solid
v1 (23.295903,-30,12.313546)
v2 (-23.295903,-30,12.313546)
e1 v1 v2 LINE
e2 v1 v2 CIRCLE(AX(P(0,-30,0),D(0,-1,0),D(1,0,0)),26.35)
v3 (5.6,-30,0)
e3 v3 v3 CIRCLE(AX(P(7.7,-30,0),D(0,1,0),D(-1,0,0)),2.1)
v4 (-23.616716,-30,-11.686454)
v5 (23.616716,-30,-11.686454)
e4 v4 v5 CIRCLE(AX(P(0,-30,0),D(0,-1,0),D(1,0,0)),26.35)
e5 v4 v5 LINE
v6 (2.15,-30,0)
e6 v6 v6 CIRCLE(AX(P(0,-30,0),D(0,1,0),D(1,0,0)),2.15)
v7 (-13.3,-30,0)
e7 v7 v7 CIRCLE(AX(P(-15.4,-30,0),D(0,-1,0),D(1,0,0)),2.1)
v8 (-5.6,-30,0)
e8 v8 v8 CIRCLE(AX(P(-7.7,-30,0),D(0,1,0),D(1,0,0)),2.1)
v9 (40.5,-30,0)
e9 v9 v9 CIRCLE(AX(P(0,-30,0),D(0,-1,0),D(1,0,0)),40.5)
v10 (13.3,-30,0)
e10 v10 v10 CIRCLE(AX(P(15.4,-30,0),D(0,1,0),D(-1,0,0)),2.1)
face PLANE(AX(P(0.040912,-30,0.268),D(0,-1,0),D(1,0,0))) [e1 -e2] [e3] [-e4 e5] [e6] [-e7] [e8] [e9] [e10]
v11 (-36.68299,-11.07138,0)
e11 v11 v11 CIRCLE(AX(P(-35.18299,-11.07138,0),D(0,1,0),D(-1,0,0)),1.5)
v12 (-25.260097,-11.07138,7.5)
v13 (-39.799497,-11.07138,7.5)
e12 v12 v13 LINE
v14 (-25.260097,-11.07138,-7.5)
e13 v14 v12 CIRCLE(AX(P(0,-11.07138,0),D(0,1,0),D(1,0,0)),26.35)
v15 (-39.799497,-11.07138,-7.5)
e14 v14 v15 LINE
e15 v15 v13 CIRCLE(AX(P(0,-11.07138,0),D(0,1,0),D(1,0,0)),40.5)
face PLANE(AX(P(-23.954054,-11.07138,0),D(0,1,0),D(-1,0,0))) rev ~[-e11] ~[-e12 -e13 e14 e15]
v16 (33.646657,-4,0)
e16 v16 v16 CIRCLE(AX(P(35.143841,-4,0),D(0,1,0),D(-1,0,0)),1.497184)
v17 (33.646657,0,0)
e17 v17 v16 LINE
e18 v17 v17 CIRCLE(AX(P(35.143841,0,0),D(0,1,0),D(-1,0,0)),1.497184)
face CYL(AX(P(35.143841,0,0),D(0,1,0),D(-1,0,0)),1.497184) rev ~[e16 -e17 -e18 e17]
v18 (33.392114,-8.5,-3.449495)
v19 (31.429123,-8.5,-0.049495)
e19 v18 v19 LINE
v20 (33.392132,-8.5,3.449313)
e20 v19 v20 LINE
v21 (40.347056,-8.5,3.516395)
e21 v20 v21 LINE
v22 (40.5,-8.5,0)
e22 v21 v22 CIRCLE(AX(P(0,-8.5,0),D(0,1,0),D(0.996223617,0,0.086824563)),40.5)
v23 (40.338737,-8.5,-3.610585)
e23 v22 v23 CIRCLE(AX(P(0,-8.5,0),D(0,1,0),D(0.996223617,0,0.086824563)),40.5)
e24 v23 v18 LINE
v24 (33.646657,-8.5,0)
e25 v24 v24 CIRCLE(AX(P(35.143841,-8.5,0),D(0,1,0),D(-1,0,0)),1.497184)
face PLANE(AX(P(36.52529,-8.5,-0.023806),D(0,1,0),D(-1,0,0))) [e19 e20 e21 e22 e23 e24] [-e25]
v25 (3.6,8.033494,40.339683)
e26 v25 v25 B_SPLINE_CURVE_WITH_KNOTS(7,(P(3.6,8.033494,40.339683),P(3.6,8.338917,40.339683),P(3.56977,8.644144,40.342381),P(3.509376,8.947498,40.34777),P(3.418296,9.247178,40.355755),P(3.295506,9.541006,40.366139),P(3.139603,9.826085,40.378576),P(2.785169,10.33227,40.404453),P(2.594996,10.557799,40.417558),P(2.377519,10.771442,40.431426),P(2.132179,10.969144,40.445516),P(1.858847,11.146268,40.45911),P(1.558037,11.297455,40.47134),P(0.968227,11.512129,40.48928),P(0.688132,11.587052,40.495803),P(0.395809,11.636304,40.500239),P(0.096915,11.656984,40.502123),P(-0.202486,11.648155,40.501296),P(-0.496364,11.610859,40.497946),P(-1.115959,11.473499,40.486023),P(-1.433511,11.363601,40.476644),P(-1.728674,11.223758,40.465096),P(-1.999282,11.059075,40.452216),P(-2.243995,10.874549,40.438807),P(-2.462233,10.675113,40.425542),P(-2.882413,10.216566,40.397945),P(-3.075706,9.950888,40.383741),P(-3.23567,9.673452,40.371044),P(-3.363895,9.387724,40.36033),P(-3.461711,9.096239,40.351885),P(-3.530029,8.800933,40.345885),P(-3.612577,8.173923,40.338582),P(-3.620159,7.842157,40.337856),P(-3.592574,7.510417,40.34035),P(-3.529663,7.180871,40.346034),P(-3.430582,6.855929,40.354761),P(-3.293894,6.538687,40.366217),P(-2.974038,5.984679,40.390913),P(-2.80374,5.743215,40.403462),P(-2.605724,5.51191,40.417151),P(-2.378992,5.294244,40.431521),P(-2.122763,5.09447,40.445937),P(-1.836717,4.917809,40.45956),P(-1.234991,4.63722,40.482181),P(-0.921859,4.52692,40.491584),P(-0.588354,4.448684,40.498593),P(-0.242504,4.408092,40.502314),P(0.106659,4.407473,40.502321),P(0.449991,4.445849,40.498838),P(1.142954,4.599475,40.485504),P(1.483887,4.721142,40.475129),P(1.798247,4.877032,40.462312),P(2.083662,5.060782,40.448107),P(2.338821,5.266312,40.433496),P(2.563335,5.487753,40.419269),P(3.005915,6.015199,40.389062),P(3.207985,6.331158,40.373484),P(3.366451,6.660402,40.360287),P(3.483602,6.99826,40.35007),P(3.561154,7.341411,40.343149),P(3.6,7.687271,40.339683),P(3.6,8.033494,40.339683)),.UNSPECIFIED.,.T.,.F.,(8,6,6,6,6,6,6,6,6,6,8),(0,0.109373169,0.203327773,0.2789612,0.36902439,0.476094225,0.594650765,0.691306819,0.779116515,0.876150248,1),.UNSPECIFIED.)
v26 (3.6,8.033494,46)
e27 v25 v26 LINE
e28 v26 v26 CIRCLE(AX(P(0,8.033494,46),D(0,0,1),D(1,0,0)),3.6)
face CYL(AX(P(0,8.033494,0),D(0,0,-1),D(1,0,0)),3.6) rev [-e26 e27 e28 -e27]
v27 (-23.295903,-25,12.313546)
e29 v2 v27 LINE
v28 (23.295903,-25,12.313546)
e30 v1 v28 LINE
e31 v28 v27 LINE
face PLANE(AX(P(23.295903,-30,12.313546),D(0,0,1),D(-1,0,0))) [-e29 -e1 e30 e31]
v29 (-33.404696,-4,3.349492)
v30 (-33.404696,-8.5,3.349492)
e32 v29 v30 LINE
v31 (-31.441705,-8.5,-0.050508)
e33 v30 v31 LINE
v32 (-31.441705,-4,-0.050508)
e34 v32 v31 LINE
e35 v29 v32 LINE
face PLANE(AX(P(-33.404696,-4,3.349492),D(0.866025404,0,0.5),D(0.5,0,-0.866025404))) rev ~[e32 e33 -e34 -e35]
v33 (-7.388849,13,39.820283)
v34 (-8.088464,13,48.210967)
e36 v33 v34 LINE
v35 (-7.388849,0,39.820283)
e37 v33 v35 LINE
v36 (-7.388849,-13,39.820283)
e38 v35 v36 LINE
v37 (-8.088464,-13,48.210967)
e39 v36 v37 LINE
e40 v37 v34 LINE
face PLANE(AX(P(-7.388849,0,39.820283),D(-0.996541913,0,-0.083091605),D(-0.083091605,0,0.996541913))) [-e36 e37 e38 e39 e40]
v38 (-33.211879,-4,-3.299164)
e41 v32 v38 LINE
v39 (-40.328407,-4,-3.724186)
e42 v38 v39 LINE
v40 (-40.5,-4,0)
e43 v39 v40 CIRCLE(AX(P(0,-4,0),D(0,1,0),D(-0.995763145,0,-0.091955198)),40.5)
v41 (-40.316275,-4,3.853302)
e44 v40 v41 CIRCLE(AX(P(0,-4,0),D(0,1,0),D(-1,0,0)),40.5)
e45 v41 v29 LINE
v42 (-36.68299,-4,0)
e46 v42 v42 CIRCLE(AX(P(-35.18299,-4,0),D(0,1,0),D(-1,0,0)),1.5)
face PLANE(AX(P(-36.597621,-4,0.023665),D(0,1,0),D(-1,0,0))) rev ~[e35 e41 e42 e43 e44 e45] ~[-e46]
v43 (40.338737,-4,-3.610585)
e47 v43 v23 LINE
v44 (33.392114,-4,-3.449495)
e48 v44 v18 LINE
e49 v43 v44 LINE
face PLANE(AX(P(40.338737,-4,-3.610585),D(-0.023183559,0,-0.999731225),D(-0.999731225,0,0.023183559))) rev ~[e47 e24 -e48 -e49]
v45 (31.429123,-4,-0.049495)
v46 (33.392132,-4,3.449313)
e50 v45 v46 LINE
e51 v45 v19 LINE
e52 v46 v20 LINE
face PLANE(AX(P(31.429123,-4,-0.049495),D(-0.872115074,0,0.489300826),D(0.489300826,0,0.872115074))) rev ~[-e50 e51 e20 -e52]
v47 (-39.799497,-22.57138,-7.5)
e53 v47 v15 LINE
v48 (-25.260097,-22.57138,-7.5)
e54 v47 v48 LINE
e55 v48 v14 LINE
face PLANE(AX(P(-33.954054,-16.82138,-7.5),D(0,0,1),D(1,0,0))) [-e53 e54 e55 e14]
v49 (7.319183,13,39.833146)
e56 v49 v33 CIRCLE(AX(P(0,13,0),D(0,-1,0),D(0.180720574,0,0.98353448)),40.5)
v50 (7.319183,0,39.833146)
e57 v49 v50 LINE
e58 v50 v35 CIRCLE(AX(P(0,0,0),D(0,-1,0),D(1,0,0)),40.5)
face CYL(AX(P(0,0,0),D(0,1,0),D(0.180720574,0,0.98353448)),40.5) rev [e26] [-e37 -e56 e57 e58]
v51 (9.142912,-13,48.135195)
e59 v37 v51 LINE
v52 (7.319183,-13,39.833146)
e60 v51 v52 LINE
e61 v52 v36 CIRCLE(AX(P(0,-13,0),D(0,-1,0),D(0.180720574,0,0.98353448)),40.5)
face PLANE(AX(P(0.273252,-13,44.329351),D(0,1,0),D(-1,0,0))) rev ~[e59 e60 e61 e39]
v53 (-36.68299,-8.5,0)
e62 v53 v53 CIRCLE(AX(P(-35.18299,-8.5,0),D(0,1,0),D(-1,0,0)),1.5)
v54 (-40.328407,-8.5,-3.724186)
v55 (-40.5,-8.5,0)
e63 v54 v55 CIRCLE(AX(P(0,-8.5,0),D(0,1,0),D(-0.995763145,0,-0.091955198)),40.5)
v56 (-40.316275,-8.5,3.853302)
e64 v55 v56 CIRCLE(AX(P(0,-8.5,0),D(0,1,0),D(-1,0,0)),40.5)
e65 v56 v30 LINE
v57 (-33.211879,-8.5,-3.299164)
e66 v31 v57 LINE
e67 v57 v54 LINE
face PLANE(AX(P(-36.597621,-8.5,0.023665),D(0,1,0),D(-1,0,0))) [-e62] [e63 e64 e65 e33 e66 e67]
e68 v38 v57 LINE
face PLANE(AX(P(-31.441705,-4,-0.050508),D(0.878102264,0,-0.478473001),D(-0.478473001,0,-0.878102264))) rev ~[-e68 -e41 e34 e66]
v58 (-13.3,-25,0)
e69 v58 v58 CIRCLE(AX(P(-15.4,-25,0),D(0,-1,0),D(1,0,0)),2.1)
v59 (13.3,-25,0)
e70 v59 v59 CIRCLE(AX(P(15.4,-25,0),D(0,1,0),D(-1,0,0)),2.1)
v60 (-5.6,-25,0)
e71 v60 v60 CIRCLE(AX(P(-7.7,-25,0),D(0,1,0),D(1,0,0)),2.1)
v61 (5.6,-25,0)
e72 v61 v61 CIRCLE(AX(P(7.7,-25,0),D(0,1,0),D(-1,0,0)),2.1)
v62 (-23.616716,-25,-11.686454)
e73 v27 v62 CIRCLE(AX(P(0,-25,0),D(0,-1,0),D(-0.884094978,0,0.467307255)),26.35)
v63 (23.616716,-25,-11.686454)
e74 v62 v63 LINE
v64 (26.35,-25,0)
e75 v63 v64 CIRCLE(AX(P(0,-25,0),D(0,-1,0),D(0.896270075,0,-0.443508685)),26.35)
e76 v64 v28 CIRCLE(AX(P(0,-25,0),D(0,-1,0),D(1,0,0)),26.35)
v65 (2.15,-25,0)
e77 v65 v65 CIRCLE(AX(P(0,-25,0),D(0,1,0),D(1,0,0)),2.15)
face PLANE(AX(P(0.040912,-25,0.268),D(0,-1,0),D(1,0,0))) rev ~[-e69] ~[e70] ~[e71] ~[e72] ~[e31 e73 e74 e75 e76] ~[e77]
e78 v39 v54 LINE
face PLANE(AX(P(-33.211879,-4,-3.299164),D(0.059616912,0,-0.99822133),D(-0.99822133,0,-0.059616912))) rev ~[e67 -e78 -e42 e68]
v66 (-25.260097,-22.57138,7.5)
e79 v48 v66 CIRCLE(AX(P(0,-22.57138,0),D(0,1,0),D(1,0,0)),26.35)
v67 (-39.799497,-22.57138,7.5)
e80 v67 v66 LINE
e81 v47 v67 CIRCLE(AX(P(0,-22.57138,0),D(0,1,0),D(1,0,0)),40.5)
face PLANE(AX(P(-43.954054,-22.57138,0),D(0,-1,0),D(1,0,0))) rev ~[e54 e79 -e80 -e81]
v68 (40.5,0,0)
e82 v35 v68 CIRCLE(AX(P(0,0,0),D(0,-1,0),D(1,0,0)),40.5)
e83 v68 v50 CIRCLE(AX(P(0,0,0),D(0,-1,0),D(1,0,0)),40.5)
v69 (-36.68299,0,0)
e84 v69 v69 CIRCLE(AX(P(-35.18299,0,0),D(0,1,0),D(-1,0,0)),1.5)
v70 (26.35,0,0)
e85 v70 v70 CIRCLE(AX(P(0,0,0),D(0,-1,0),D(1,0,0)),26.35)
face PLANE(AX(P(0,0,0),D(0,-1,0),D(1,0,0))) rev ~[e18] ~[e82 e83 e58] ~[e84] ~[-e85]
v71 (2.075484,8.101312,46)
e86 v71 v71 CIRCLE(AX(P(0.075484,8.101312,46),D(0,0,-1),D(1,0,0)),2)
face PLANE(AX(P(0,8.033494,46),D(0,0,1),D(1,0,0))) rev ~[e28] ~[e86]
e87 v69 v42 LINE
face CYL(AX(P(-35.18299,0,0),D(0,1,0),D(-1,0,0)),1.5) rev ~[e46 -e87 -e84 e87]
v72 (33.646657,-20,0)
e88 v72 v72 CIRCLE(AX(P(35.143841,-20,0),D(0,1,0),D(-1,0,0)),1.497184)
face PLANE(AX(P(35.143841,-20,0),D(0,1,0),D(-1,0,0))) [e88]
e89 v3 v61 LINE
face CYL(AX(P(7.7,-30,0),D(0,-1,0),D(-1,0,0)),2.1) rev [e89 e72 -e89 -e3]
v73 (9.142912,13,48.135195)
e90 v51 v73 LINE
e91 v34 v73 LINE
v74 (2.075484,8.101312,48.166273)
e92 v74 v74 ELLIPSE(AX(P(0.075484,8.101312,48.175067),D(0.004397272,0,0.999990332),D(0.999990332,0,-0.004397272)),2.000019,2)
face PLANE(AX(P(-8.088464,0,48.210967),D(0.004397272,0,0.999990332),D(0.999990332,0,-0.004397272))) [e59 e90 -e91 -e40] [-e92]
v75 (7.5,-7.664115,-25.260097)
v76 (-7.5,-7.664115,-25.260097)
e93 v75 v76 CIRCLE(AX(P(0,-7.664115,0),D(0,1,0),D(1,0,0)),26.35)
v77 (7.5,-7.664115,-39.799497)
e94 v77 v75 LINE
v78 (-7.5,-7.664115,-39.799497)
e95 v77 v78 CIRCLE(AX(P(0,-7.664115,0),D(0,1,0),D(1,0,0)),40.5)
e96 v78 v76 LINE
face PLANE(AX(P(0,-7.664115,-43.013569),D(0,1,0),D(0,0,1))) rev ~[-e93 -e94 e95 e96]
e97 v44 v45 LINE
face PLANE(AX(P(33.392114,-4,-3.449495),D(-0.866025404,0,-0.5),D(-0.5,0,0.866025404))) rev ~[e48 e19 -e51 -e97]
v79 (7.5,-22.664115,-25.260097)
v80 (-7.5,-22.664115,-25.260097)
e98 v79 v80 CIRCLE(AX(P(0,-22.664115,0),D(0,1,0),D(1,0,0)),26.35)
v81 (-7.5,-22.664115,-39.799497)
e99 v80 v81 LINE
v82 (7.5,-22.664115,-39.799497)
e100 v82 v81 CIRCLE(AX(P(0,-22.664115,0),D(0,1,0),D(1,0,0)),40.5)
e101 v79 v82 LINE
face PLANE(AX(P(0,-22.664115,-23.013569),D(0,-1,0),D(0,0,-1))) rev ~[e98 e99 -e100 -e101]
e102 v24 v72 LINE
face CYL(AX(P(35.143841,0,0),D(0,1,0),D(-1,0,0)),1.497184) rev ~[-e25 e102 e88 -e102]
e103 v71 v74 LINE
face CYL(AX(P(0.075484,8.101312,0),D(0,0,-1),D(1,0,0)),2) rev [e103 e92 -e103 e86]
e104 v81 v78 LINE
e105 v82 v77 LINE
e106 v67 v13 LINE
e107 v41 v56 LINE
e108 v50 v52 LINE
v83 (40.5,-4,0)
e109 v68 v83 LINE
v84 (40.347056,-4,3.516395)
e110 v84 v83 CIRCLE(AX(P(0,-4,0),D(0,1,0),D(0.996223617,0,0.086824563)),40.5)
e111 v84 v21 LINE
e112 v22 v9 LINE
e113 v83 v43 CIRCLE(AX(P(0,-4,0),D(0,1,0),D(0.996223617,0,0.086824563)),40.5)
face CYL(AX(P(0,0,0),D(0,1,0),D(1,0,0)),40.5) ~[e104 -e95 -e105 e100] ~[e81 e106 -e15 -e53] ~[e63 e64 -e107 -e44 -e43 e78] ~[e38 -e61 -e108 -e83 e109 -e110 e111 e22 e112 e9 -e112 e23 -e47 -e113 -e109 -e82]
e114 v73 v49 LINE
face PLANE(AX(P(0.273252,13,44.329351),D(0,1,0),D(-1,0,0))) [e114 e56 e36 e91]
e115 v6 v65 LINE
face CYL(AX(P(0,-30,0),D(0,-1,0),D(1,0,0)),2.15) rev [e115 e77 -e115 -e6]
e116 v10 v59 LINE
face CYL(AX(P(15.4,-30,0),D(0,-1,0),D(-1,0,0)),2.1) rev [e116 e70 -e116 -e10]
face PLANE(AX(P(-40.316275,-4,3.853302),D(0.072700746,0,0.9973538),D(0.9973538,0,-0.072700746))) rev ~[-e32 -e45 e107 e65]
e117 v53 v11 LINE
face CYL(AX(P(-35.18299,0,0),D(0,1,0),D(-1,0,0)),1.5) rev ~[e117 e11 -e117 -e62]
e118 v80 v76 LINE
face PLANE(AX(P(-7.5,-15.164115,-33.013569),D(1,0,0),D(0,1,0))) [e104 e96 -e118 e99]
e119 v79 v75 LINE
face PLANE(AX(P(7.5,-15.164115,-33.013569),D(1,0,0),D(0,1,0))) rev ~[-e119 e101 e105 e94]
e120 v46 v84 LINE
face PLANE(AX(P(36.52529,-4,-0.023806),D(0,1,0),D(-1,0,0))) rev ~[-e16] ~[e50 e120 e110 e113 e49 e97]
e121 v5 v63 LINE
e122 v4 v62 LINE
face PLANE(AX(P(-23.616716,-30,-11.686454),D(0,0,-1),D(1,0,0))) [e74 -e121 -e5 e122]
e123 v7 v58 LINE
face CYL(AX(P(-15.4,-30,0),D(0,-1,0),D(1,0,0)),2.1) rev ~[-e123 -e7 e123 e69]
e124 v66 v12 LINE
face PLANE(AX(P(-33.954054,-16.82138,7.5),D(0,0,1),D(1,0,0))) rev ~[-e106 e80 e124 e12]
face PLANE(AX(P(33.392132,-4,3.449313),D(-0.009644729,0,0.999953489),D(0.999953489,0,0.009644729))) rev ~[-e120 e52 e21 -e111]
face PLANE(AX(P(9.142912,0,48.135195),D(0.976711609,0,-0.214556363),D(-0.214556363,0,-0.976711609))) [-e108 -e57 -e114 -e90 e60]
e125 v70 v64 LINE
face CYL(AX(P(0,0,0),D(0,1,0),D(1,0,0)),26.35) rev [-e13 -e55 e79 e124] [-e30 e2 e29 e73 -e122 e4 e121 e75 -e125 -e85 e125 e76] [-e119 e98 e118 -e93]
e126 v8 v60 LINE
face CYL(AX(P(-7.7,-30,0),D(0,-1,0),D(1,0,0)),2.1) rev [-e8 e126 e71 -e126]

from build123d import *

# Parameters (mm, degrees)
F0_R      = 40.5
F0_R_2    = 26.35
F1_DEPTH  = 30
F3_R      = 1.5
F3_R_2    = 1.4971843494
F4_DEPTH  = 20
F5_DEPTH  = 4.5
F8_R      = 2.1
F9_DEPTH  = 5
F11_DEPTH = 7.5
F13_DEPTH = 7.5
F15_DEPTH = 13
F16_R     = 3.6
F17_DEPTH = 46
F18_R     = 2
F19_DEPTH = 56.1


with BuildPart() as f1:
    # F0 (on Front) → F1 (new body)
    with BuildSketch(Plane.XZ):
        Circle(F0_R)
        Circle(F0_R_2, mode=Mode.SUBTRACT)
    extrude(amount=F1_DEPTH)

    # F3 (on face) → F4 (cut)
    with BuildSketch(Plane(origin=(0, 0, 0), x_dir=(-1, 0, 0), z_dir=(0, 1, 0))):
        with Locations((35.1829901338, 0)):
            Circle(F3_R)
        with Locations((-35.143841058, 0)):
            Circle(F3_R_2)
    extrude(amount=-F4_DEPTH, mode=Mode.SUBTRACT)


with BuildPart() as f5:
    # F2 (on face) → F5 (new body)
    with BuildSketch(Plane(origin=(0, 0, 0), x_dir=(-1, 0, 0), z_dir=(0, 1, 0))):
        with BuildLine():
            Line((31.4417050999, -0.0505083237), (33.2118794322, -3.2991641201))
            Line((33.2118794322, -3.2991641201), (40.3284073856, -3.7241855136))
            ThreePointArc((40.3284073856, -3.7241855136), (40.4570791032, -1.8640682502), (40.5, 0))
            ThreePointArc((40.5, 0), (40.4540427839, 1.9288396616), (40.3162754351, 3.8533018366))
            Line((40.3162754351, 3.8533018366), (33.4046960151, 3.3494916763))
            Line((33.4046960151, 3.3494916763), (31.4417050999, -0.0505083237))
        make_face()
    extrude(amount=-F5_DEPTH)


with BuildPart() as f5b:
    # F2 (on face) → F5, piece 2 (new body)
    with BuildSketch(Plane(origin=(0, 0, 0), x_dir=(-1, 0, 0), z_dir=(0, 1, 0))):
        with BuildLine():
            ThreePointArc((-40.3470564936, 3.5163947881), (-40.499972404, -0.0472787167), (-40.3387366241, -3.6105854882))
            Line((-40.3387366241, -3.6105854882), (-33.3921143039, -3.4494947623))
            Line((-33.3921143039, -3.4494947623), (-31.4291233886, -0.0494947623))
            Line((-31.4291233886, -0.0494947623), (-33.392132321, 3.44931331))
            Line((-33.392132321, 3.44931331), (-40.3470564936, 3.5163947881))
        make_face()
    extrude(amount=-F5_DEPTH)


with BuildPart() as f5_1:
    # F6: moved
    add(f5.part.moved(Location((0, -4, 0))))


with BuildPart() as f5b_1:
    # F6: moved
    add(f5b.part.moved(Location((0, -4, 0))))


with BuildPart() as f1_1:
    add(f1.part)

    # F7: cut F5b, F5
    add(f5b_1.part, mode=Mode.SUBTRACT)
    add(f5_1.part, mode=Mode.SUBTRACT)

    # F8 (on face) → F9 (join)
    with BuildSketch(Plane.XZ.offset(30)):
        with BuildLine():
            Line((23.2959026648, 12.31354616), (-23.2959026648, 12.31354616))
            ThreePointArc((-23.2959026648, 12.31354616), (-26.3476461649, 0.3521953552), (-23.6167164662, -11.68645384))
            Line((-23.6167164662, -11.68645384), (23.6167164662, -11.68645384))
            ThreePointArc((23.6167164662, -11.68645384), (25.6575815197, -6.0009174763), (26.35, 0))
            ThreePointArc((26.35, 0), (25.5750809893, 6.3433218736), (23.2959026648, 12.31354616))
        make_face()
        with Locations((-15.4, 0)):
            Circle(F8_R, mode=Mode.SUBTRACT)
        with BuildLine():
            ThreePointArc((-9.8, 0), (-7.7, 2.1), (-5.6, 0))
            ThreePointArc((-5.6, 0), (-7.7, -2.1), (-9.8, 0))
        make_face(mode=Mode.SUBTRACT)
        with BuildLine():
            ThreePointArc((-2.15, 0), (0, 2.15), (2.15, 0))
            ThreePointArc((2.15, 0), (0, -2.15), (-2.15, 0))
        make_face(mode=Mode.SUBTRACT)
        with BuildLine():
            ThreePointArc((9.8, 0), (7.7, -2.1), (5.6, 0))
            ThreePointArc((5.6, 0), (7.7, 2.1), (9.8, 0))
        make_face(mode=Mode.SUBTRACT)
        with BuildLine():
            ThreePointArc((17.5, 0), (15.4, -2.1), (13.3, 0))
            ThreePointArc((13.3, 0), (15.4, 2.1), (17.5, 0))
        make_face(mode=Mode.SUBTRACT)
    extrude(amount=-F9_DEPTH)

    # F10 (on Right) → F11 (cut, symmetric)
    with BuildSketch(Plane.YZ):
        Polygon((-7.6641152985, -38.8216372541), (-7.6641152985, -23.0135689676), (-22.6641152985, -23.0135689676), (-22.6641152985, -43.0135689676), (-7.6641152985, -43.0135689676), align=None)
    extrude(amount=F11_DEPTH, both=True, mode=Mode.SUBTRACT)

    # F12 (on Top) → F13 (cut, symmetric)
    with BuildSketch(Plane.XY):
        Polygon((-23.9540541172, -11.0713796305), (-43.9540541172, -11.0713796305), (-43.9540541172, -12.5608391675), (-43.9540541172, -22.5713796305), (-23.9540541172, -22.5713796305), align=None)
    extrude(amount=F13_DEPTH, both=True, mode=Mode.SUBTRACT)

    # F14 (on face) → F15 (join, symmetric)
    with BuildSketch(Plane(origin=(0, 0, 0), x_dir=(-1, 0, 0), z_dir=(0, 1, 0))):
        with BuildLine():
            Line((7.388848836, 39.8202826821), (8.0884635863, 48.2109669128))
            Line((8.0884635863, 48.2109669128), (-9.1429123127, 48.1351951361))
            Line((-9.1429123127, 48.1351951361), (-7.3191832289, 39.8331464595))
            ThreePointArc((-7.3191832289, 39.8331464595), (0.0354216515, 40.49998451), (7.388848836, 39.8202826821))
        make_face()
    extrude(amount=F15_DEPTH, both=True)

    # F16 (on Top) → F17 (cut)
    with BuildSketch(Plane.XY):
        with Locations((0, 8.0334944651)):
            Circle(F16_R)
    extrude(amount=F17_DEPTH, mode=Mode.SUBTRACT)

    # F18 (on Top) → F19 (cut)
    with BuildSketch(Plane.XY):
        with Locations((0.0754839784, 8.1013115123)):
            Circle(F18_R)
    extrude(amount=F19_DEPTH, mode=Mode.SUBTRACT)


solid = f1_1.part
